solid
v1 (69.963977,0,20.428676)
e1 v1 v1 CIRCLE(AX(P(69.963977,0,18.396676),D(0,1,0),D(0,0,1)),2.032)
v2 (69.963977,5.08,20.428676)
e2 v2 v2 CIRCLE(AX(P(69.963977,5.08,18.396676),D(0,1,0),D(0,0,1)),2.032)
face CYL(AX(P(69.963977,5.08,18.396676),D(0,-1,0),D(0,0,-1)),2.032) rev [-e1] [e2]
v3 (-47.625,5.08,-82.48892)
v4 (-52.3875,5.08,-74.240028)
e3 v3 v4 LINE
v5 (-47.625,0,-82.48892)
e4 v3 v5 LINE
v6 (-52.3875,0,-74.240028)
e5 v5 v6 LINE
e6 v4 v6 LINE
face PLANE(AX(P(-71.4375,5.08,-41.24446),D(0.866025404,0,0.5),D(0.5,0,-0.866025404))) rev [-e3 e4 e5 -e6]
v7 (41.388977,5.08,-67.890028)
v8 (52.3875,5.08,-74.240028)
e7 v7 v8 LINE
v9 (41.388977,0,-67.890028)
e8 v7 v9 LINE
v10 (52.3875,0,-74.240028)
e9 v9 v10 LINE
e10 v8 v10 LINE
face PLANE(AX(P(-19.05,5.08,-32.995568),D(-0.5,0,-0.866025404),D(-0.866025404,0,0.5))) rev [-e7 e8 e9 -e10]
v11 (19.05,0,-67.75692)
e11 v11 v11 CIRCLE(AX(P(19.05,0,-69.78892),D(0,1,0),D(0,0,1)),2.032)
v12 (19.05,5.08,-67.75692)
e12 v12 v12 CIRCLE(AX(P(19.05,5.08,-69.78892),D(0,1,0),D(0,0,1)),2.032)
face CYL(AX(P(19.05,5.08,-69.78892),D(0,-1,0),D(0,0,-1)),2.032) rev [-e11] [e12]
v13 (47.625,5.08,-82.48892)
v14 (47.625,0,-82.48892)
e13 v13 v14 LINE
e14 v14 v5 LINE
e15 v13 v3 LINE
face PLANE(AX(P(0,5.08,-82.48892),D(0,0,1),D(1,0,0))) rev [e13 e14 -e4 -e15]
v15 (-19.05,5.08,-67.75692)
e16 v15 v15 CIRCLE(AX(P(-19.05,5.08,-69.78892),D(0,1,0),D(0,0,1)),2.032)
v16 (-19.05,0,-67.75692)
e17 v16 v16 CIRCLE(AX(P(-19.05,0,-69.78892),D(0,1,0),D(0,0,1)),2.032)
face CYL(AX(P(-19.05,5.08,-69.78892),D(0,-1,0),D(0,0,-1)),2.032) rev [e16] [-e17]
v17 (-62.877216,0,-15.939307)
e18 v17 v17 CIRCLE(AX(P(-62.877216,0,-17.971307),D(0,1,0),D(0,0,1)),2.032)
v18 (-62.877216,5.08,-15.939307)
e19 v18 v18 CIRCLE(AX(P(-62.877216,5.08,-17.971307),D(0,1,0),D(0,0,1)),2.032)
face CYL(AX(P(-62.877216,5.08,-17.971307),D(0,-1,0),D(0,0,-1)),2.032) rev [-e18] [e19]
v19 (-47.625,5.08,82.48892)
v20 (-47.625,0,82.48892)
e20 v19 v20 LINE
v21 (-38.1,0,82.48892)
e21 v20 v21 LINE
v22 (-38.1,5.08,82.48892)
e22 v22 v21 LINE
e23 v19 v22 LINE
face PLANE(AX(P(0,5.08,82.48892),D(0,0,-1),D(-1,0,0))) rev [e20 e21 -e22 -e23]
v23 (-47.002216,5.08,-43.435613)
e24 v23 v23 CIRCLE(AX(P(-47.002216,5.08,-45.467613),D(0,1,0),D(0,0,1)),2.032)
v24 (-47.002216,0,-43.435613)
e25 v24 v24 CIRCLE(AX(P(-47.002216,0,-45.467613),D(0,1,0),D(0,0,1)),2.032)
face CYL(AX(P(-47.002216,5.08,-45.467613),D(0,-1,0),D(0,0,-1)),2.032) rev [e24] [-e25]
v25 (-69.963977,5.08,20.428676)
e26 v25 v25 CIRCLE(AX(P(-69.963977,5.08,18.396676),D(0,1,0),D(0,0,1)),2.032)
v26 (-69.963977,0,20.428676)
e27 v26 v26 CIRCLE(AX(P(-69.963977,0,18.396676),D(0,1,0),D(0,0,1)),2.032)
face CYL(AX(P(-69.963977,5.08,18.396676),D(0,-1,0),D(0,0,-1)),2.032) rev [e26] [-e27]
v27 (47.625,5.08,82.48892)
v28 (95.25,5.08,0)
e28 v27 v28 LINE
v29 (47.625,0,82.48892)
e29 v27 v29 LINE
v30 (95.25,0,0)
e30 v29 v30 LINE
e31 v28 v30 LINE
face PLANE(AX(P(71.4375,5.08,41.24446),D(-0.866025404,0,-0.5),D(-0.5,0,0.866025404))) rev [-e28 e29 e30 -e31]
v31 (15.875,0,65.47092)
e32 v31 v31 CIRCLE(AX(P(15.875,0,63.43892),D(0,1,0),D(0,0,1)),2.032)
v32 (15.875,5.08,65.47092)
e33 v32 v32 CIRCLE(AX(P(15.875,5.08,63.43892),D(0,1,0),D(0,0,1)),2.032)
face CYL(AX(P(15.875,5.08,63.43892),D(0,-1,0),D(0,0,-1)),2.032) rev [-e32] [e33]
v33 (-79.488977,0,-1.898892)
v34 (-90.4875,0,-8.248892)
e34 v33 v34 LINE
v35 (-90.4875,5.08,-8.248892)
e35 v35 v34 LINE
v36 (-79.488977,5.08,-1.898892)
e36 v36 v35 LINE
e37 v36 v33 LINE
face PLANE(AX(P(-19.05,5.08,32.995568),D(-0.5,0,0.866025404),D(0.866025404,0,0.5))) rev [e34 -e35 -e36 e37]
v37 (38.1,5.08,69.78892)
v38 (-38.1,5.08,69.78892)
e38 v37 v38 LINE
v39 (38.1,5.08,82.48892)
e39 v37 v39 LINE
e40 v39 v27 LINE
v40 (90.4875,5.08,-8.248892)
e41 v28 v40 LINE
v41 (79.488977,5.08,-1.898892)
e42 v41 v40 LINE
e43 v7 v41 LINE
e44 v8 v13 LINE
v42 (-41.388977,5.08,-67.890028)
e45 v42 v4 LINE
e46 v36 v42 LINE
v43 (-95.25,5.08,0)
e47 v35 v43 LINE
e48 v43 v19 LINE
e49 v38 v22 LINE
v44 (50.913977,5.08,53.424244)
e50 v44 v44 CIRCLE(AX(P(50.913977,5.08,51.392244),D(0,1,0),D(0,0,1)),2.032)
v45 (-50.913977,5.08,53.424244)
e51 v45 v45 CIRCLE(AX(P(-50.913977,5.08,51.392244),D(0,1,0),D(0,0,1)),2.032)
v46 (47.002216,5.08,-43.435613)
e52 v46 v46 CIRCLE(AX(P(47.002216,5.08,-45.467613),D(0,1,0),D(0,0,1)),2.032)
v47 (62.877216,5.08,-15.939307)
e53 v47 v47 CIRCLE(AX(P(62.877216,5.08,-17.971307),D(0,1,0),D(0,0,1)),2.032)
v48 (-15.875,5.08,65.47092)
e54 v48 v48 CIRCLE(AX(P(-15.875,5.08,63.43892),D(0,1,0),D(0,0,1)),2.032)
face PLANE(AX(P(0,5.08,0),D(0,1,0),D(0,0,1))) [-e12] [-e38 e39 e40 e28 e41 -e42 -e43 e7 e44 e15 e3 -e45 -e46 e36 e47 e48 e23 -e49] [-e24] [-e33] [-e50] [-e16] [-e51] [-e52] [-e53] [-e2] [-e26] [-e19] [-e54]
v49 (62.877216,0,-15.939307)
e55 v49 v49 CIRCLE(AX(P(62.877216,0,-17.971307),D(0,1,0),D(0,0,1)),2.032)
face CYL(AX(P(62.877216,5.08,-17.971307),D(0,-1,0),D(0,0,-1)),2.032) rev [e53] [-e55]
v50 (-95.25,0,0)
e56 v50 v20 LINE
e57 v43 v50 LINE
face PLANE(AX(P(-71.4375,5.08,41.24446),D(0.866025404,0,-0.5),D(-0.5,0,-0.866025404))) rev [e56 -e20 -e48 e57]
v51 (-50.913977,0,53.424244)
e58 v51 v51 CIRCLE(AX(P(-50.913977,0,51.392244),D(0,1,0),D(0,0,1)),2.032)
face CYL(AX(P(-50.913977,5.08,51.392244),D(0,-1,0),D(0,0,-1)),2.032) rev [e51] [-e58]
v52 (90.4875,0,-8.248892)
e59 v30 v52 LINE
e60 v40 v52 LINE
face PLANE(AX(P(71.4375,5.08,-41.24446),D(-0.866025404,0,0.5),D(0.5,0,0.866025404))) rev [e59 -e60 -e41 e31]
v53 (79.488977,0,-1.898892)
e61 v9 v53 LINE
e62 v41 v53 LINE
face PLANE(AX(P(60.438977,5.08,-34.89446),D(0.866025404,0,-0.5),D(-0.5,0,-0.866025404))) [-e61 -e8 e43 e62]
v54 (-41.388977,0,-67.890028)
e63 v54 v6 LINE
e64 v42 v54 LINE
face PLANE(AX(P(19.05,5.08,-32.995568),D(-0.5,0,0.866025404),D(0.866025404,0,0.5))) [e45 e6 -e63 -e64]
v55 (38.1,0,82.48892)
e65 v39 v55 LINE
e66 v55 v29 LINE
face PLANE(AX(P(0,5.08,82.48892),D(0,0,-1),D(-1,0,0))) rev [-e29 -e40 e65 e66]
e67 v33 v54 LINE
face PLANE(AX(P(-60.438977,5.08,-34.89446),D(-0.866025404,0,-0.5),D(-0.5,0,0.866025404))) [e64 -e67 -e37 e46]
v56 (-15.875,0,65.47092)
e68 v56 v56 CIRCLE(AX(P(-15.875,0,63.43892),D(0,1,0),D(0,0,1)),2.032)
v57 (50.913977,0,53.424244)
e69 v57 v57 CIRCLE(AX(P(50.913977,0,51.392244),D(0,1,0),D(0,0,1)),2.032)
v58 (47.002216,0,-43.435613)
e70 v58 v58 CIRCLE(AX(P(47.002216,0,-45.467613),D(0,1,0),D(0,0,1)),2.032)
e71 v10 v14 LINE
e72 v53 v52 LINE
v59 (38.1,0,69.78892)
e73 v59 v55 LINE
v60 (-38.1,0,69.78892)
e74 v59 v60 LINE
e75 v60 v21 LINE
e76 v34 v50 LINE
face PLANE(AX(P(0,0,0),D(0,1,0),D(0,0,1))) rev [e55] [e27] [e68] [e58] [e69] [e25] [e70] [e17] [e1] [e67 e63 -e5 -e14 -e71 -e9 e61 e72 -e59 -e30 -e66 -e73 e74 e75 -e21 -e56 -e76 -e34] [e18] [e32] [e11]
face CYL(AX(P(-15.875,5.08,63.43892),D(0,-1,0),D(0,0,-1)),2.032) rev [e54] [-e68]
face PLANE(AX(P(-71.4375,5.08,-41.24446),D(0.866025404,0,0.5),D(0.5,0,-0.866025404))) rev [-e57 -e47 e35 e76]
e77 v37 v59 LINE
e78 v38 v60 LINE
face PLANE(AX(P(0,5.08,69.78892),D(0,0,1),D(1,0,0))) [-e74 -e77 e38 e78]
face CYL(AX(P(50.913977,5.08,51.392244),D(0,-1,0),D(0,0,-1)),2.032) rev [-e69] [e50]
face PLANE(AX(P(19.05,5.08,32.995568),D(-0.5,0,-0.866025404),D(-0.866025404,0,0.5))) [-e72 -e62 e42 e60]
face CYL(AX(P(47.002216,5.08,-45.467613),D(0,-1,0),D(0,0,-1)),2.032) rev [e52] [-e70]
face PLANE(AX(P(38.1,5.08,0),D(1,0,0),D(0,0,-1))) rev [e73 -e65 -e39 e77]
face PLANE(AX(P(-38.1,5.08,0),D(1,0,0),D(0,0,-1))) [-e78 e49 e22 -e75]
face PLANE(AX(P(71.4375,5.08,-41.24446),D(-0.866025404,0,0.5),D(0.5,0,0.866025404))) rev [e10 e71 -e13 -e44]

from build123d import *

# Parameters (mm, degrees)
SKETCH1_R           = 2.032
BOSS_EXTRUDE4_DEPTH = 5.08


with BuildPart() as part:
    # Sketch1 → Boss-Extrude4 (new body)
    with BuildSketch(Plane(origin=(0, 0, 0), x_dir=(1, 0, 0), z_dir=(0, 1, 0))):
        Polygon((38.1, -82.48891971), (47.625, -82.48891971), (95.25, 0), (90.4875, 8.248891971), (79.488977372, 1.898891971), (41.388977372, 67.890027739), (52.3875, 74.240027739), (47.625, 82.48891971), (-47.625, 82.48891971), (-52.3875, 74.240027739), (-41.388977372, 67.890027739), (-79.488977372, 1.898891971), (-90.4875, 8.248891971), (-95.25, 0), (-47.625, -82.48891971), (-38.1, -82.48891971), (-38.1, -69.78891971), (38.1, -69.78891971), align=None)
        with Locations(Location((-50.913977372, -51.392243797, 0), (0, 0, 270))):
            Circle(SKETCH1_R, mode=Mode.SUBTRACT)
        with Locations(Location((-15.875, -63.43891971, 0), (0, 0, 270))):
            Circle(SKETCH1_R, mode=Mode.SUBTRACT)
        with Locations(Location((-69.963977372, -18.396675913, 0), (0, 0, 270))):
            Circle(SKETCH1_R, mode=Mode.SUBTRACT)
        with Locations(Location((15.875, -63.43891971, 0), (0, 0, 270))):
            Circle(SKETCH1_R, mode=Mode.SUBTRACT)
        with Locations(Location((50.913977372, -51.392243797, 0), (0, 0, 270))):
            Circle(SKETCH1_R, mode=Mode.SUBTRACT)
        with Locations(Location((69.963977372, -18.396675913, 0), (0, 0, 270))):
            Circle(SKETCH1_R, mode=Mode.SUBTRACT)
        with Locations(Location((-62.877216058, 17.97130657, 0), (0, 0, 270))):
            Circle(SKETCH1_R, mode=Mode.SUBTRACT)
        with Locations(Location((-47.002216058, 45.46761314, 0), (0, 0, 270))):
            Circle(SKETCH1_R, mode=Mode.SUBTRACT)
        with Locations(Location((-19.05, 69.78891971, 0), (0, 0, 270))):
            Circle(SKETCH1_R, mode=Mode.SUBTRACT)
        with Locations(Location((62.877216058, 17.97130657, 0), (0, 0, 270))):
            Circle(SKETCH1_R, mode=Mode.SUBTRACT)
        with Locations(Location((47.002216058, 45.46761314, 0), (0, 0, 270))):
            Circle(SKETCH1_R, mode=Mode.SUBTRACT)
        with Locations(Location((19.05, 69.78891971, 0), (0, 0, 270))):
            Circle(SKETCH1_R, mode=Mode.SUBTRACT)
    extrude(amount=BOSS_EXTRUDE4_DEPTH)


solid = part.part
